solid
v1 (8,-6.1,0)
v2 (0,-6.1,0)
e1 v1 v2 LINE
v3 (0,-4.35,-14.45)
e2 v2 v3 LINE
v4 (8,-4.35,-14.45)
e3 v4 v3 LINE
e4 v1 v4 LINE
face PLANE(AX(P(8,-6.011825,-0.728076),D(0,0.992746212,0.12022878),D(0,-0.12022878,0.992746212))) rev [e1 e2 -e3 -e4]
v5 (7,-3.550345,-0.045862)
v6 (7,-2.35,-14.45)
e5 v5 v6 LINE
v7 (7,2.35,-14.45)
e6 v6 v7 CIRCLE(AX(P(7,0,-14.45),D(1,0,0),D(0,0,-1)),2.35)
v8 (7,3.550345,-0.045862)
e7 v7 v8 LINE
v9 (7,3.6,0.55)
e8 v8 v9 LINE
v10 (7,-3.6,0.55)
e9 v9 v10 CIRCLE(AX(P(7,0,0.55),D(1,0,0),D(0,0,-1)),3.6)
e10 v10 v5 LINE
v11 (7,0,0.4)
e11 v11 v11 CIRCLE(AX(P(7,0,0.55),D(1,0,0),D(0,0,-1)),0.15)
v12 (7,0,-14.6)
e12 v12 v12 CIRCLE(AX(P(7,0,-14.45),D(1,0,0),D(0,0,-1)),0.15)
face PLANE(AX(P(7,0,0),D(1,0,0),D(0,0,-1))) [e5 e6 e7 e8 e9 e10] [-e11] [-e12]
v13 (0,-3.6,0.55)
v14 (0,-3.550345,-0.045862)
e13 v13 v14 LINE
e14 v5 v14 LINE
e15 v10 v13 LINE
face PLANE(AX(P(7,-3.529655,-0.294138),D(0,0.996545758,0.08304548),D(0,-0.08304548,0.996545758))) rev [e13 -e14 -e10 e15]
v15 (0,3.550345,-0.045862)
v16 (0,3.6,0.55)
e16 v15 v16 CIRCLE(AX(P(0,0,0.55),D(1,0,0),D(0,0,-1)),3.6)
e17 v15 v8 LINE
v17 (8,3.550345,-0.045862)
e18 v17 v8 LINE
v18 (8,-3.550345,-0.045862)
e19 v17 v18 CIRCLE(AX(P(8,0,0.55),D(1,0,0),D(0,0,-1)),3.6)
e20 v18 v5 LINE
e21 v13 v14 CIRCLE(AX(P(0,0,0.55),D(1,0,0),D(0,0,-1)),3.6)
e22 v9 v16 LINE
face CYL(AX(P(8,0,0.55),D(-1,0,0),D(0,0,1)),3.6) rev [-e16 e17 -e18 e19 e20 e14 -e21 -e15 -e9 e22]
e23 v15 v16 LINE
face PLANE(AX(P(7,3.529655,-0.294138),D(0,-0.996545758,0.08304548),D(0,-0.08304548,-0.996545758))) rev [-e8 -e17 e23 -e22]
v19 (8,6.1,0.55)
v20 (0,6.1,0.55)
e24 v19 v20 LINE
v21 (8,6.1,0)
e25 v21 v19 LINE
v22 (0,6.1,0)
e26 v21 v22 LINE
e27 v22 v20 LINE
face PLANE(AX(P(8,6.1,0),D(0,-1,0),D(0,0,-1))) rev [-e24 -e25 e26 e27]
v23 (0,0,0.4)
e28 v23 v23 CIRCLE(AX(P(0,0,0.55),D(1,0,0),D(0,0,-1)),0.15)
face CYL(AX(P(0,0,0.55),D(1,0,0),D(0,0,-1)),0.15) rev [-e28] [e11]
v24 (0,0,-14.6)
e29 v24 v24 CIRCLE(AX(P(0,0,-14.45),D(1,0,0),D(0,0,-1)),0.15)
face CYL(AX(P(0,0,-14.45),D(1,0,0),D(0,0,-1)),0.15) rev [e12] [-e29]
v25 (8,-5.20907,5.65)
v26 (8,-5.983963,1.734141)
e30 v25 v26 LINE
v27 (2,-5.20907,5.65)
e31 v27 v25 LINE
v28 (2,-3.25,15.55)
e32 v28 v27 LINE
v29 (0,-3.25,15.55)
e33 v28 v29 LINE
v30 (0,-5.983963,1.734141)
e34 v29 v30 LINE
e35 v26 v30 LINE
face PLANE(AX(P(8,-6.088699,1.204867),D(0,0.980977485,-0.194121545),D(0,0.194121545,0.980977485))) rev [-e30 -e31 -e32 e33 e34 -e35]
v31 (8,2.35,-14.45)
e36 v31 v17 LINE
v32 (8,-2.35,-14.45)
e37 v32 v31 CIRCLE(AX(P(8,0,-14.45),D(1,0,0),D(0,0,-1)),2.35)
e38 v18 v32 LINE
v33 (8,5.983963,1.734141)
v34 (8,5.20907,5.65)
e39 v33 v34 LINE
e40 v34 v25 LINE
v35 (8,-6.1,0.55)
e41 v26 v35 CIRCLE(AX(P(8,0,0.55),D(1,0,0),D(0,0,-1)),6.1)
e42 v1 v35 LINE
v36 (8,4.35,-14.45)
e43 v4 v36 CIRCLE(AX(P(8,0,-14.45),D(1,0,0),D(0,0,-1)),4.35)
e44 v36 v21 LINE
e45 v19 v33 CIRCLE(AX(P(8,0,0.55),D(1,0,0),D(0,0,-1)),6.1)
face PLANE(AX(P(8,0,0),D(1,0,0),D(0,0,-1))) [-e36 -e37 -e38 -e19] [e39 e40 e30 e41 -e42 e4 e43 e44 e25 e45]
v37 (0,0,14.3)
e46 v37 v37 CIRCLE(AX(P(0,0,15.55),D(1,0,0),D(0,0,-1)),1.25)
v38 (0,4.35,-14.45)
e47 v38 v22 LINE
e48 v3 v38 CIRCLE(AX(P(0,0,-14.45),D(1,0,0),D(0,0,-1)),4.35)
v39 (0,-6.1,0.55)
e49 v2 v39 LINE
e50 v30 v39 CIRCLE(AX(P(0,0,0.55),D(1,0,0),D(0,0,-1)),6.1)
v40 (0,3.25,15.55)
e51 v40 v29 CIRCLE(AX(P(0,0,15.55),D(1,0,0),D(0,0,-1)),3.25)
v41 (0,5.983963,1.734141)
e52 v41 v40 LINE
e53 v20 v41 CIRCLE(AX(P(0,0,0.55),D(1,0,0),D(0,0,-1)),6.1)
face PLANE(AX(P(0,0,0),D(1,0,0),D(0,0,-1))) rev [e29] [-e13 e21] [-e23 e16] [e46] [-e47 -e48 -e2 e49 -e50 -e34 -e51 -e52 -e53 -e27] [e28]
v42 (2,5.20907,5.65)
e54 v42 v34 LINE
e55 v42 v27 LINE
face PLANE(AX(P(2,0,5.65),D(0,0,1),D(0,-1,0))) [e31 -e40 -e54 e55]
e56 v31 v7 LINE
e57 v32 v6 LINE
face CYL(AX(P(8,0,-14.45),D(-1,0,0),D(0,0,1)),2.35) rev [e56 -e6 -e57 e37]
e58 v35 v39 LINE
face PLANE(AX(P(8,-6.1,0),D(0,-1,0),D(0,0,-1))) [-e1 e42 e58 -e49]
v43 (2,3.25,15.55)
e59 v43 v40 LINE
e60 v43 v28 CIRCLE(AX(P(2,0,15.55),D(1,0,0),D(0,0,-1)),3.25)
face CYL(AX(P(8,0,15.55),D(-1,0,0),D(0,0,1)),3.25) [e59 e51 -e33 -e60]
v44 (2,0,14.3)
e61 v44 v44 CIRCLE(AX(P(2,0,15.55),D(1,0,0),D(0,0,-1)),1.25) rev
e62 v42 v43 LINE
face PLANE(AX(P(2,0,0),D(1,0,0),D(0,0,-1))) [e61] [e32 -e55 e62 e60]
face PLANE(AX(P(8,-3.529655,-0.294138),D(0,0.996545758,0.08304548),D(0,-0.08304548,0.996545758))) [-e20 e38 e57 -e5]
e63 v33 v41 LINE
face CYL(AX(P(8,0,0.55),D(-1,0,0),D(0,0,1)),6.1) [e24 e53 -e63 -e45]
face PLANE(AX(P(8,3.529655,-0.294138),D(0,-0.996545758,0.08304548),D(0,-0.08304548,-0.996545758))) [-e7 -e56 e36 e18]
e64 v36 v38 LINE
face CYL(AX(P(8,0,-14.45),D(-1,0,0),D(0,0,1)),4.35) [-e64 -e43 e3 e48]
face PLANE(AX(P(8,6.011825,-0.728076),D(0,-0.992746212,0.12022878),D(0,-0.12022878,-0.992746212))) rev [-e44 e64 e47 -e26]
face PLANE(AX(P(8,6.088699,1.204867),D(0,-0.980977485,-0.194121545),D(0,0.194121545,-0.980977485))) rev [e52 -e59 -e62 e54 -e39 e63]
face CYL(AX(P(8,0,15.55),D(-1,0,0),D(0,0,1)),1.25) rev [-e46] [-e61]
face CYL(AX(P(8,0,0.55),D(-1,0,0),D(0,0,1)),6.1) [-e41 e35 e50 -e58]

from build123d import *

# Parameters (mm, degrees)
SKETCH2_R           = 1.25
BOSS_EXTRUDE1_DEPTH = 8
BOSS_EXTRUDE2_DEPTH = 7
SKETCH3_R           = 0.15
CUT_EXTRUDE1_DEPTH  = 21.967832506
CUT_EXTRUDE2_START  = -6
SKETCH4_R           = 1.25
CUT_EXTRUDE2_DEPTH  = 6


with BuildPart() as part:
    # Sketch2 → Boss-Extrude1 (new body)
    with BuildSketch(Plane.YZ):
        with BuildLine():
            ThreePointArc((-4.35, -14.45), (-3.075914484, -17.525914513), (4.1e-08, -18.8))
            ThreePointArc((4.1e-08, -18.8), (3.075914513, -17.525914484), (4.35, -14.45))
            Line((4.35, -14.45), (6.1, 0))
            Line((6.1, 0), (6.1, 0.55))
            ThreePointArc((6.1, 0.55), (6.070921356, 1.144906627), (5.983962658, 1.734141424))
            Line((5.983962658, 1.734141424), (3.25, 15.55))
            ThreePointArc((3.25, 15.55), (2.298097039, 17.848097039), (0, 18.8))
            ThreePointArc((0, 18.8), (-2.298097039, 17.848097039), (-3.25, 15.55))
            Line((-3.25, 15.55), (-5.983962658, 1.734141424))
            ThreePointArc((-5.983962658, 1.734141424), (-6.070921356, 1.144906627), (-6.1, 0.55))
            Line((-6.1, 0.55), (-6.1, 0))
            Line((-6.1, 0), (-4.35, -14.45))
        make_face()
        with BuildLine():
            Line((3.550344828, -0.045862069), (2.35, -14.45))
            ThreePointArc((2.35, -14.45), (0, -16.8), (-2.35, -14.45))
            Line((-2.35, -14.45), (-3.550344828, -0.045862069))
            ThreePointArc((-3.550344828, -0.045862069), (-3.58756473, 0.251036273), (-3.6, 0.55))
            ThreePointArc((-3.6, 0.55), (0, 4.15), (3.6, 0.55))
            ThreePointArc((3.6, 0.55), (3.58756473, 0.251036273), (3.550344828, -0.045862069))
        make_face(mode=Mode.SUBTRACT)
        with Locations((0, 15.55)):
            Circle(SKETCH2_R, mode=Mode.SUBTRACT)
    extrude(amount=BOSS_EXTRUDE1_DEPTH)

    # Sketch2<3> → Boss-Extrude2 (add)
    with BuildSketch(Plane.YZ):
        with BuildLine():
            ThreePointArc((-2.35, -14.45), (0, -16.8), (2.35, -14.45))
            Line((2.35, -14.45), (3.550344828, -0.045862069))
            Line((3.550344828, -0.045862069), (3.6, 0.55))
            ThreePointArc((3.6, 0.55), (0, 4.15), (-3.6, 0.55))
            Line((-3.6, 0.55), (-3.550344828, -0.045862069))
            Line((-3.550344828, -0.045862069), (-2.35, -14.45))
        make_face()
    extrude(amount=BOSS_EXTRUDE2_DEPTH)

    # Sketch3 → Cut-Extrude1 (cut, through all)
    with BuildSketch(Plane.YZ.offset(7)):
        with Locations((0, 0.55)):
            Circle(SKETCH3_R)
        with Locations((0, -14.45)):
            Circle(SKETCH3_R)
    extrude(amount=-CUT_EXTRUDE1_DEPTH, mode=Mode.SUBTRACT)

    # Sketch4 → Cut-Extrude2 (cut)
    with BuildSketch(Plane.YZ.offset(8).offset(CUT_EXTRUDE2_START)):
        with BuildLine():
            Line((-5.209069729, 5.65), (5.209069729, 5.65))
            Line((5.209069729, 5.65), (3.25, 15.55))
            ThreePointArc((3.25, 15.55), (0, 18.8), (-3.25, 15.55))
            Line((-3.25, 15.55), (-5.209069729, 5.65))
        make_face()
        with Locations((0, 15.55)):
            Circle(SKETCH4_R, mode=Mode.SUBTRACT)
    extrude(amount=CUT_EXTRUDE2_DEPTH, mode=Mode.SUBTRACT)


solid = part.part
